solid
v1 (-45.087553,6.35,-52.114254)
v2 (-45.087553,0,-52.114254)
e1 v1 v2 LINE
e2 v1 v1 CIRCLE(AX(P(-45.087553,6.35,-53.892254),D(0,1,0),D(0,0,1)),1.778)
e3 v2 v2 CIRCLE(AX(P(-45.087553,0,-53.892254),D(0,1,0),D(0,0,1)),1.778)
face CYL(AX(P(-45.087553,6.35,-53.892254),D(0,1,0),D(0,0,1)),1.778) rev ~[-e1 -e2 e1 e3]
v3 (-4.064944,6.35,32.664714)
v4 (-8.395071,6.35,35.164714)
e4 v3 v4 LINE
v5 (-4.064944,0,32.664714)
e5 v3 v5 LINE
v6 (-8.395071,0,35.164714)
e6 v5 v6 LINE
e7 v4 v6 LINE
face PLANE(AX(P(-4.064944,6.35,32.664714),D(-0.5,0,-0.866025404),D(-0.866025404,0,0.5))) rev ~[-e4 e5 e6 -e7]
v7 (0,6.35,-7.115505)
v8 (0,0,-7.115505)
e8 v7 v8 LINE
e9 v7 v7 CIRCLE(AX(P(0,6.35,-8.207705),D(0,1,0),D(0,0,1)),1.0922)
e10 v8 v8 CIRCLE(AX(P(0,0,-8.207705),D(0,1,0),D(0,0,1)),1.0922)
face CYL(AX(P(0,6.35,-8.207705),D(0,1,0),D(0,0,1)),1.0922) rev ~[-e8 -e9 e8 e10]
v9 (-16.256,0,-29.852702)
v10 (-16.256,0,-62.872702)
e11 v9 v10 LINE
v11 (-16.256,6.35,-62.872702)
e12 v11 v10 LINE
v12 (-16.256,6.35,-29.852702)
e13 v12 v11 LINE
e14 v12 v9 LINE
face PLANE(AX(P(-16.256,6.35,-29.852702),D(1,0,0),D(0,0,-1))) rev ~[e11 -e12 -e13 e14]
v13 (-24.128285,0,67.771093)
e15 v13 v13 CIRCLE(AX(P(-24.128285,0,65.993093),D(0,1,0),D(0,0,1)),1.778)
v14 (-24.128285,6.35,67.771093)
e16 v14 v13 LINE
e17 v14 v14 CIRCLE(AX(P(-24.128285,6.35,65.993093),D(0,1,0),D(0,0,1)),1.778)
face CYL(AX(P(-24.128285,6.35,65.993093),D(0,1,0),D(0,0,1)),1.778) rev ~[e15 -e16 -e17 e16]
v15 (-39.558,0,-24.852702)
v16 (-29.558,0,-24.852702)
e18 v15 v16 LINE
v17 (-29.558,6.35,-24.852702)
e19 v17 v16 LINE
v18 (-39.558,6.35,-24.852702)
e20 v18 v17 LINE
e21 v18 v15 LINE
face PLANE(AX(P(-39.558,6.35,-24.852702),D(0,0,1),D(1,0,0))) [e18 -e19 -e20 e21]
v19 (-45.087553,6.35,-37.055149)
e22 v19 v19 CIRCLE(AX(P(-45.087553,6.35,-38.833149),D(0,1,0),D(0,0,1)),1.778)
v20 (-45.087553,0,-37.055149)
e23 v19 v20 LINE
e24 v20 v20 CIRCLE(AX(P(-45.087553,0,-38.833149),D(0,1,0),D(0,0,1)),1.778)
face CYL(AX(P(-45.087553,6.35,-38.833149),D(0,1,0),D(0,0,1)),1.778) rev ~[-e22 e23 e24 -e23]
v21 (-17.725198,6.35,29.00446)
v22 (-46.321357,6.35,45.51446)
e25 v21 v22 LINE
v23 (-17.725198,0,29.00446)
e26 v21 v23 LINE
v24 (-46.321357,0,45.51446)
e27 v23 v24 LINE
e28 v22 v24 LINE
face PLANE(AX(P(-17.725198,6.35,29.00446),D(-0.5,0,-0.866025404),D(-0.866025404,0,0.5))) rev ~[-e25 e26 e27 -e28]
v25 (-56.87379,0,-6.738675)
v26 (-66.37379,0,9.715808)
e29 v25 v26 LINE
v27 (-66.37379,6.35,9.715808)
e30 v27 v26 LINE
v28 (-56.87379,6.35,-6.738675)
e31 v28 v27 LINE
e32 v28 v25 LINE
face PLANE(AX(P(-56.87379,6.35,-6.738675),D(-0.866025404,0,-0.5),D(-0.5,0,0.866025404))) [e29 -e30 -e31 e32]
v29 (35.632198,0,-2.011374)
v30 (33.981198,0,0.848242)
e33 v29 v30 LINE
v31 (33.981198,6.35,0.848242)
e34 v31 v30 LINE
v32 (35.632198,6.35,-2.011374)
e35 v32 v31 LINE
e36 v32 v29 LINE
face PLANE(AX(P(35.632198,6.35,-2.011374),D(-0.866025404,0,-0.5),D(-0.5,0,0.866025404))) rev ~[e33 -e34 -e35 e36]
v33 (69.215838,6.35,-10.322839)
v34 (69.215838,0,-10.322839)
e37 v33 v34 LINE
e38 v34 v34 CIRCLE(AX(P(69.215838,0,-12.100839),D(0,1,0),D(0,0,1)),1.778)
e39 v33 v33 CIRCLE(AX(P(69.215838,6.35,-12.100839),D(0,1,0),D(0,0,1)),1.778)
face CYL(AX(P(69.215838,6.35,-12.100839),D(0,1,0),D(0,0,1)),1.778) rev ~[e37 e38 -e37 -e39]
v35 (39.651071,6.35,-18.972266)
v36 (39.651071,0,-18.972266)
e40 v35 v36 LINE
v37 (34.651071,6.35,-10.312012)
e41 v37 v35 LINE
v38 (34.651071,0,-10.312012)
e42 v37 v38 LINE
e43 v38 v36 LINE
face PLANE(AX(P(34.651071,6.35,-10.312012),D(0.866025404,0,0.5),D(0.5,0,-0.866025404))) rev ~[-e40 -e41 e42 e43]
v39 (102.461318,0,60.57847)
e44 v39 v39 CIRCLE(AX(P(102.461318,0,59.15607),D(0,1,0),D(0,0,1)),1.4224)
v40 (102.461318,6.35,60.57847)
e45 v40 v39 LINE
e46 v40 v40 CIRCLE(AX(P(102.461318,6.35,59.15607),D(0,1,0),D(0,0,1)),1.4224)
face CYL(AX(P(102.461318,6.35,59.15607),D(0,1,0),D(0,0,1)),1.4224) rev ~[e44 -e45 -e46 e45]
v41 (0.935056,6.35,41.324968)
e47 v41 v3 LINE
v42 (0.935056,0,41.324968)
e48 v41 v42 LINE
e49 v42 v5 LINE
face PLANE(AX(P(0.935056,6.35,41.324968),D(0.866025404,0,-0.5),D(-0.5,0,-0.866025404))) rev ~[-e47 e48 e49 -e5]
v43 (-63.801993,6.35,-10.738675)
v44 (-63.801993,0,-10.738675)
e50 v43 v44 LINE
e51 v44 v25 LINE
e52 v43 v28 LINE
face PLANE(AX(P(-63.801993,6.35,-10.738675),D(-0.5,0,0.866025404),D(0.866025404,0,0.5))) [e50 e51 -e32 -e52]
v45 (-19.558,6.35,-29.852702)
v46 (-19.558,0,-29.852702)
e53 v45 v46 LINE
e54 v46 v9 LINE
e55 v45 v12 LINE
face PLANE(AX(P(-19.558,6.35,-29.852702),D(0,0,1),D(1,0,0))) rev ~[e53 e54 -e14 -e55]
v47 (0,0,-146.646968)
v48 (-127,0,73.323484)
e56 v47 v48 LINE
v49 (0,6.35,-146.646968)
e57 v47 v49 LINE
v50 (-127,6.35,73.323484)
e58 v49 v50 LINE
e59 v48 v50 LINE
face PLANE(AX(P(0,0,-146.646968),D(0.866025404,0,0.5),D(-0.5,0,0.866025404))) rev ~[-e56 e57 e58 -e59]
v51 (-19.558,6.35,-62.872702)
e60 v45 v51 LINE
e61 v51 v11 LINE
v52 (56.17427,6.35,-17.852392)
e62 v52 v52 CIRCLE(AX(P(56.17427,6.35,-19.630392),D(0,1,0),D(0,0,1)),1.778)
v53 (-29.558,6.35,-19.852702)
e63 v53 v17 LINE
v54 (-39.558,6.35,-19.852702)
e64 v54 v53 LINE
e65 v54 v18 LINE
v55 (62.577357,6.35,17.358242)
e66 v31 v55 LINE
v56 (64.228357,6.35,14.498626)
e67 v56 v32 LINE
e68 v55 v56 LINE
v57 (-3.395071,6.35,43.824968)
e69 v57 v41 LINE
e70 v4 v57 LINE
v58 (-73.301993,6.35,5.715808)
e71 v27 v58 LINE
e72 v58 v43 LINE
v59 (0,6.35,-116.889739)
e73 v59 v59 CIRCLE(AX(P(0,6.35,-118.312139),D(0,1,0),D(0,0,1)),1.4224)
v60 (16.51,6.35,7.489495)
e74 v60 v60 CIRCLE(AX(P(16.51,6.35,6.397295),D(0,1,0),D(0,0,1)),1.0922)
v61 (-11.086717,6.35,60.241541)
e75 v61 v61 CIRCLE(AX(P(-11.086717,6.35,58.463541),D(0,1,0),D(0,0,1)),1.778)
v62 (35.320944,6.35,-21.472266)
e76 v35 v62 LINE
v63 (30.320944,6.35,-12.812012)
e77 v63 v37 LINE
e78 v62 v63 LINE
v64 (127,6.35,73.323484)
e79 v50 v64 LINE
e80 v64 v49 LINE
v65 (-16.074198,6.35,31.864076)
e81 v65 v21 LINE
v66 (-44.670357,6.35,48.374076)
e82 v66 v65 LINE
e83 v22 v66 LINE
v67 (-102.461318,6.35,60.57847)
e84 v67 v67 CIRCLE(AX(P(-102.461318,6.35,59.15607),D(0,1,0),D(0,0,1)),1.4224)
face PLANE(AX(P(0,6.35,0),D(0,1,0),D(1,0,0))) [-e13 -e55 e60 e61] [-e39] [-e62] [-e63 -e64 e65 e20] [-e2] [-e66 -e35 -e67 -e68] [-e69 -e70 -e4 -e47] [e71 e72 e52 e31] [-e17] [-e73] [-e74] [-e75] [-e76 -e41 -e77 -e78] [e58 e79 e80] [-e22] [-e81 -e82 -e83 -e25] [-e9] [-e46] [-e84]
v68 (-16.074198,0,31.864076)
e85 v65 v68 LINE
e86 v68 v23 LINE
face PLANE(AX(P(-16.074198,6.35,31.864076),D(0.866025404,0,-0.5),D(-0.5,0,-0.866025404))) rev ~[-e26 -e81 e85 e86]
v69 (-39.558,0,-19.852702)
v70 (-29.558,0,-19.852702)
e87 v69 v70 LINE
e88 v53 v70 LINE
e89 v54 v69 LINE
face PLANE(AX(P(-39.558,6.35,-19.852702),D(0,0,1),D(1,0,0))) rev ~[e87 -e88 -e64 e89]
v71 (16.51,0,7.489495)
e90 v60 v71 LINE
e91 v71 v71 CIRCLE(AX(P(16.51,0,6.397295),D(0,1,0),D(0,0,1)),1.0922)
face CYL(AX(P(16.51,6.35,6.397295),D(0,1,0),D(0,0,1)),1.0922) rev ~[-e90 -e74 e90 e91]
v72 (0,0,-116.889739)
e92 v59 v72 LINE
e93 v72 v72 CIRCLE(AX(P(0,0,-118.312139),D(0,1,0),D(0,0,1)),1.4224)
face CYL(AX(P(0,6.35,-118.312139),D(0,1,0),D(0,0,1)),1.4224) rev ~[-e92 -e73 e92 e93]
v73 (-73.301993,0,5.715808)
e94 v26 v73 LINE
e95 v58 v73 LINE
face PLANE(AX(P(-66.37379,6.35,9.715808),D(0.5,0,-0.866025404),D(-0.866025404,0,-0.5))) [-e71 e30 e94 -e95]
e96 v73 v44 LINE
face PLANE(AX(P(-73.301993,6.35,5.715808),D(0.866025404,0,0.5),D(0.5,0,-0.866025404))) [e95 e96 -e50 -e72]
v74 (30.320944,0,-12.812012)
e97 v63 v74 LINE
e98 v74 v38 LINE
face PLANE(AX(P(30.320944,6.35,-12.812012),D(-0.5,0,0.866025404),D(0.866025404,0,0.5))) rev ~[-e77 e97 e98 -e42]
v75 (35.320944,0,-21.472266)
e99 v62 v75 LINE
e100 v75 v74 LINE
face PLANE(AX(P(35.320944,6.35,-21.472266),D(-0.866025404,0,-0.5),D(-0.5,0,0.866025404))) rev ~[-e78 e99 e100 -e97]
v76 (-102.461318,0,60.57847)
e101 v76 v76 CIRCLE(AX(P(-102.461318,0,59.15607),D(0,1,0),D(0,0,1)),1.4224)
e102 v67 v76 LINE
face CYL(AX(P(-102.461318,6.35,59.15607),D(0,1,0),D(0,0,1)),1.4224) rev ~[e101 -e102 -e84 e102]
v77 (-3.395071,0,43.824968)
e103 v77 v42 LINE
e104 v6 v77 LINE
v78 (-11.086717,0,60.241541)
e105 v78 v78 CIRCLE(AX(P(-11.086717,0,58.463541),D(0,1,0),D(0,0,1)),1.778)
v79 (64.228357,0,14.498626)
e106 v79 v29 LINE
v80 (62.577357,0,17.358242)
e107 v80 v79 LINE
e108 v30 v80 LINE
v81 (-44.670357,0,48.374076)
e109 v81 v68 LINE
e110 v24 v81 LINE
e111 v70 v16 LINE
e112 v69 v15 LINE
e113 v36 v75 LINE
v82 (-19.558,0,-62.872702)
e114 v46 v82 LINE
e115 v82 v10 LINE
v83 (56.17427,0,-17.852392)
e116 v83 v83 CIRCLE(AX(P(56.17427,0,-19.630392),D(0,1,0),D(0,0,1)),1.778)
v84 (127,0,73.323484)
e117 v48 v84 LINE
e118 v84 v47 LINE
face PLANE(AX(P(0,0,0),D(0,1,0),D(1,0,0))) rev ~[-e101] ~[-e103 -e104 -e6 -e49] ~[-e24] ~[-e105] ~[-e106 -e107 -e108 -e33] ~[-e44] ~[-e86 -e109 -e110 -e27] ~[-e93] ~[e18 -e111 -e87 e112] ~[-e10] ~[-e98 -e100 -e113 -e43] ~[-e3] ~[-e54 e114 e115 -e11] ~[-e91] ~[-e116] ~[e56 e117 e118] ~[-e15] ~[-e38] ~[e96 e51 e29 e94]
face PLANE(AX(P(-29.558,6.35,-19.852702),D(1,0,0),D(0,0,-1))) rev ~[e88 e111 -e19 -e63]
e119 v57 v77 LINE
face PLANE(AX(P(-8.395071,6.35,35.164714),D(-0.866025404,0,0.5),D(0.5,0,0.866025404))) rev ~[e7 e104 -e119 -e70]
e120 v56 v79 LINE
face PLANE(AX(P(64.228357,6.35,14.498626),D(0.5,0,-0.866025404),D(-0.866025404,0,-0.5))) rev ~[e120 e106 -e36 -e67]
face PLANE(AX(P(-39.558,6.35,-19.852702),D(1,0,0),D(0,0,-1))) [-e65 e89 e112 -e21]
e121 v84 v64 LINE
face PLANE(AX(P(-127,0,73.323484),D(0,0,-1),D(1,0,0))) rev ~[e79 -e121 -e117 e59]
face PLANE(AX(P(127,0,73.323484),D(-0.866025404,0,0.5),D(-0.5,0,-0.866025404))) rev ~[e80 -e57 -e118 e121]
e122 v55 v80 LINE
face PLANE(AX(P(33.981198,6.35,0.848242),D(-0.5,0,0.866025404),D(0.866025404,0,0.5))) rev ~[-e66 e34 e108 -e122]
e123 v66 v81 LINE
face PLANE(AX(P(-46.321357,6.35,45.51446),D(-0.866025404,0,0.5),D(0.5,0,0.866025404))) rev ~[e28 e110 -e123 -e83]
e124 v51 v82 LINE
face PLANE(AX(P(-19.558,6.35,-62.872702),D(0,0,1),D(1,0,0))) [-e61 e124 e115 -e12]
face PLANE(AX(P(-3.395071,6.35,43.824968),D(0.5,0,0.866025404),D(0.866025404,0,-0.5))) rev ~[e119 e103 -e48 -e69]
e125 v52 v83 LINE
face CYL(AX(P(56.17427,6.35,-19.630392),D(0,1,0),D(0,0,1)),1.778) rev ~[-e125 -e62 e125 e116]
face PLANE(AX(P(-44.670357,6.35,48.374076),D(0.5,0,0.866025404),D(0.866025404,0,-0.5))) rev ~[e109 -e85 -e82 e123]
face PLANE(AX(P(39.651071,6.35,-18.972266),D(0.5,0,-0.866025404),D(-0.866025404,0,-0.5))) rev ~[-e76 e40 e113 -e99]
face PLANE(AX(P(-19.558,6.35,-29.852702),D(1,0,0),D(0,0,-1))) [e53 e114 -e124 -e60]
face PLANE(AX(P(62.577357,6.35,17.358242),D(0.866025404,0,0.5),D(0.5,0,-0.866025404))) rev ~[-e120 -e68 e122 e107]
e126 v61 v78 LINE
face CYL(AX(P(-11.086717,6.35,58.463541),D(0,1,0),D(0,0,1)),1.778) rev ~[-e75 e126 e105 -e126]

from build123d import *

# Parameters (mm, degrees)
BOSS_EXTRUDE1_DEPTH = 6.35
SKETCH2_W           = 3.302
SKETCH2_H           = 33.02
SKETCH2_R           = 1.778
CUT_EXTRUDE1_DEPTH  = 195.099602868
SKETCH3_R           = 1.4224
SKETCH3_W           = 10
SKETCH3_H           = 5
CUT_EXTRUDE2_DEPTH  = 195.099602868
SKETCH4_R           = 1.0922
CUT_EXTRUDE3_DEPTH  = 195.099602868


with BuildPart() as part:
    # Sketch1 → Boss-Extrude1 (new body)
    with BuildSketch(Plane(origin=(0, 0, 0), x_dir=(1, 0, 0), z_dir=(0, 1, 0))):
        Polygon((0, 146.646968374), (-127, -73.323484187), (127, -73.323484187), align=None)
    extrude(amount=BOSS_EXTRUDE1_DEPTH)

    # Sketch2 → Cut-Extrude1 (cut, through all)
    with BuildSketch(Plane(origin=(0, 6.35, 0), x_dir=(1, 0, 0), z_dir=(0, 1, 0))):
        with Locations((-17.907, 46.362701567)):
            Rectangle(SKETCH2_W, SKETCH2_H)
        Polygon((-16.074197928, -31.864075631), (-17.725197928, -29.004459747), (-46.321356761, -45.514459747), (-44.670356761, -48.374075631), align=None)
        with Locations(Location((-11.086716778, -58.463540546, 0), (0, 0, 270))):
            Circle(SKETCH2_R)
        with Locations(Location((-24.128284992, -65.993093465, 0), (0, 0, 270))):
            Circle(SKETCH2_R)
        Polygon((64.228356761, -14.498625936), (35.632197928, 2.011374064), (33.981197928, -0.848241819), (62.577356761, -17.358241819), align=None)
        with Locations(Location((56.174269697, 19.630391899, 0), (0, 0, 270))):
            Circle(SKETCH2_R)
        with Locations(Location((69.215837912, 12.100838979, 0), (0, 0, 270))):
            Circle(SKETCH2_R)
        Polygon((-56.873789915, 6.738674622), (-66.373789915, -9.71580805), (-73.301993146, -5.71580805), (-63.801993146, 10.738674622), align=None)
        with Locations(Location((-45.087552919, 53.892254486, 0), (0, 0, 270))):
            Circle(SKETCH2_R)
        with Locations(Location((-45.087552919, 38.833148648, 0), (0, 0, 270))):
            Circle(SKETCH2_R)
    extrude(amount=-CUT_EXTRUDE1_DEPTH, mode=Mode.SUBTRACT)

    # Sketch3 → Cut-Extrude2 (cut, through all)
    with BuildSketch(Plane(origin=(0, 6.35, 0), x_dir=(1, 0, 0), z_dir=(0, 1, 0))):
        with Locations(Location((0, 118.312139176, 0), (0, 0, 270))):
            Circle(SKETCH3_R)
        with Locations(Location((-102.461318102, -59.156069588, 0), (0, 0, 270))):
            Circle(SKETCH3_R)
        with Locations(Location((102.461318102, -59.156069588, 0), (0, 0, 270))):
            Circle(SKETCH3_R)
        with Locations((-34.558, 22.352701567)):
            Rectangle(SKETCH3_W, SKETCH3_H)
        Polygon((0.935056109, -41.324967823), (-4.064943891, -32.664713785), (-8.395070909, -35.164713785), (-3.395070909, -43.824967823), align=None)
        Polygon((35.320943891, 21.472266256), (30.320943891, 12.812012218), (34.651070909, 10.312012218), (39.651070909, 18.972266256), align=None)
    extrude(amount=-CUT_EXTRUDE2_DEPTH, mode=Mode.SUBTRACT)

    # Sketch4 → Cut-Extrude3 (cut, through all)
    with BuildSketch(Plane(origin=(0, 6.35, 0), x_dir=(1, 0, 0), z_dir=(0, 1, 0))):
        with Locations(Location((0, 8.207705491, 0), (0, 0, 270))):
            Circle(SKETCH4_R)
        with Locations(Location((16.51, -6.397294509, 0), (0, 0, 270))):
            Circle(SKETCH4_R)
    extrude(amount=-CUT_EXTRUDE3_DEPTH, mode=Mode.SUBTRACT)


solid = part.part
